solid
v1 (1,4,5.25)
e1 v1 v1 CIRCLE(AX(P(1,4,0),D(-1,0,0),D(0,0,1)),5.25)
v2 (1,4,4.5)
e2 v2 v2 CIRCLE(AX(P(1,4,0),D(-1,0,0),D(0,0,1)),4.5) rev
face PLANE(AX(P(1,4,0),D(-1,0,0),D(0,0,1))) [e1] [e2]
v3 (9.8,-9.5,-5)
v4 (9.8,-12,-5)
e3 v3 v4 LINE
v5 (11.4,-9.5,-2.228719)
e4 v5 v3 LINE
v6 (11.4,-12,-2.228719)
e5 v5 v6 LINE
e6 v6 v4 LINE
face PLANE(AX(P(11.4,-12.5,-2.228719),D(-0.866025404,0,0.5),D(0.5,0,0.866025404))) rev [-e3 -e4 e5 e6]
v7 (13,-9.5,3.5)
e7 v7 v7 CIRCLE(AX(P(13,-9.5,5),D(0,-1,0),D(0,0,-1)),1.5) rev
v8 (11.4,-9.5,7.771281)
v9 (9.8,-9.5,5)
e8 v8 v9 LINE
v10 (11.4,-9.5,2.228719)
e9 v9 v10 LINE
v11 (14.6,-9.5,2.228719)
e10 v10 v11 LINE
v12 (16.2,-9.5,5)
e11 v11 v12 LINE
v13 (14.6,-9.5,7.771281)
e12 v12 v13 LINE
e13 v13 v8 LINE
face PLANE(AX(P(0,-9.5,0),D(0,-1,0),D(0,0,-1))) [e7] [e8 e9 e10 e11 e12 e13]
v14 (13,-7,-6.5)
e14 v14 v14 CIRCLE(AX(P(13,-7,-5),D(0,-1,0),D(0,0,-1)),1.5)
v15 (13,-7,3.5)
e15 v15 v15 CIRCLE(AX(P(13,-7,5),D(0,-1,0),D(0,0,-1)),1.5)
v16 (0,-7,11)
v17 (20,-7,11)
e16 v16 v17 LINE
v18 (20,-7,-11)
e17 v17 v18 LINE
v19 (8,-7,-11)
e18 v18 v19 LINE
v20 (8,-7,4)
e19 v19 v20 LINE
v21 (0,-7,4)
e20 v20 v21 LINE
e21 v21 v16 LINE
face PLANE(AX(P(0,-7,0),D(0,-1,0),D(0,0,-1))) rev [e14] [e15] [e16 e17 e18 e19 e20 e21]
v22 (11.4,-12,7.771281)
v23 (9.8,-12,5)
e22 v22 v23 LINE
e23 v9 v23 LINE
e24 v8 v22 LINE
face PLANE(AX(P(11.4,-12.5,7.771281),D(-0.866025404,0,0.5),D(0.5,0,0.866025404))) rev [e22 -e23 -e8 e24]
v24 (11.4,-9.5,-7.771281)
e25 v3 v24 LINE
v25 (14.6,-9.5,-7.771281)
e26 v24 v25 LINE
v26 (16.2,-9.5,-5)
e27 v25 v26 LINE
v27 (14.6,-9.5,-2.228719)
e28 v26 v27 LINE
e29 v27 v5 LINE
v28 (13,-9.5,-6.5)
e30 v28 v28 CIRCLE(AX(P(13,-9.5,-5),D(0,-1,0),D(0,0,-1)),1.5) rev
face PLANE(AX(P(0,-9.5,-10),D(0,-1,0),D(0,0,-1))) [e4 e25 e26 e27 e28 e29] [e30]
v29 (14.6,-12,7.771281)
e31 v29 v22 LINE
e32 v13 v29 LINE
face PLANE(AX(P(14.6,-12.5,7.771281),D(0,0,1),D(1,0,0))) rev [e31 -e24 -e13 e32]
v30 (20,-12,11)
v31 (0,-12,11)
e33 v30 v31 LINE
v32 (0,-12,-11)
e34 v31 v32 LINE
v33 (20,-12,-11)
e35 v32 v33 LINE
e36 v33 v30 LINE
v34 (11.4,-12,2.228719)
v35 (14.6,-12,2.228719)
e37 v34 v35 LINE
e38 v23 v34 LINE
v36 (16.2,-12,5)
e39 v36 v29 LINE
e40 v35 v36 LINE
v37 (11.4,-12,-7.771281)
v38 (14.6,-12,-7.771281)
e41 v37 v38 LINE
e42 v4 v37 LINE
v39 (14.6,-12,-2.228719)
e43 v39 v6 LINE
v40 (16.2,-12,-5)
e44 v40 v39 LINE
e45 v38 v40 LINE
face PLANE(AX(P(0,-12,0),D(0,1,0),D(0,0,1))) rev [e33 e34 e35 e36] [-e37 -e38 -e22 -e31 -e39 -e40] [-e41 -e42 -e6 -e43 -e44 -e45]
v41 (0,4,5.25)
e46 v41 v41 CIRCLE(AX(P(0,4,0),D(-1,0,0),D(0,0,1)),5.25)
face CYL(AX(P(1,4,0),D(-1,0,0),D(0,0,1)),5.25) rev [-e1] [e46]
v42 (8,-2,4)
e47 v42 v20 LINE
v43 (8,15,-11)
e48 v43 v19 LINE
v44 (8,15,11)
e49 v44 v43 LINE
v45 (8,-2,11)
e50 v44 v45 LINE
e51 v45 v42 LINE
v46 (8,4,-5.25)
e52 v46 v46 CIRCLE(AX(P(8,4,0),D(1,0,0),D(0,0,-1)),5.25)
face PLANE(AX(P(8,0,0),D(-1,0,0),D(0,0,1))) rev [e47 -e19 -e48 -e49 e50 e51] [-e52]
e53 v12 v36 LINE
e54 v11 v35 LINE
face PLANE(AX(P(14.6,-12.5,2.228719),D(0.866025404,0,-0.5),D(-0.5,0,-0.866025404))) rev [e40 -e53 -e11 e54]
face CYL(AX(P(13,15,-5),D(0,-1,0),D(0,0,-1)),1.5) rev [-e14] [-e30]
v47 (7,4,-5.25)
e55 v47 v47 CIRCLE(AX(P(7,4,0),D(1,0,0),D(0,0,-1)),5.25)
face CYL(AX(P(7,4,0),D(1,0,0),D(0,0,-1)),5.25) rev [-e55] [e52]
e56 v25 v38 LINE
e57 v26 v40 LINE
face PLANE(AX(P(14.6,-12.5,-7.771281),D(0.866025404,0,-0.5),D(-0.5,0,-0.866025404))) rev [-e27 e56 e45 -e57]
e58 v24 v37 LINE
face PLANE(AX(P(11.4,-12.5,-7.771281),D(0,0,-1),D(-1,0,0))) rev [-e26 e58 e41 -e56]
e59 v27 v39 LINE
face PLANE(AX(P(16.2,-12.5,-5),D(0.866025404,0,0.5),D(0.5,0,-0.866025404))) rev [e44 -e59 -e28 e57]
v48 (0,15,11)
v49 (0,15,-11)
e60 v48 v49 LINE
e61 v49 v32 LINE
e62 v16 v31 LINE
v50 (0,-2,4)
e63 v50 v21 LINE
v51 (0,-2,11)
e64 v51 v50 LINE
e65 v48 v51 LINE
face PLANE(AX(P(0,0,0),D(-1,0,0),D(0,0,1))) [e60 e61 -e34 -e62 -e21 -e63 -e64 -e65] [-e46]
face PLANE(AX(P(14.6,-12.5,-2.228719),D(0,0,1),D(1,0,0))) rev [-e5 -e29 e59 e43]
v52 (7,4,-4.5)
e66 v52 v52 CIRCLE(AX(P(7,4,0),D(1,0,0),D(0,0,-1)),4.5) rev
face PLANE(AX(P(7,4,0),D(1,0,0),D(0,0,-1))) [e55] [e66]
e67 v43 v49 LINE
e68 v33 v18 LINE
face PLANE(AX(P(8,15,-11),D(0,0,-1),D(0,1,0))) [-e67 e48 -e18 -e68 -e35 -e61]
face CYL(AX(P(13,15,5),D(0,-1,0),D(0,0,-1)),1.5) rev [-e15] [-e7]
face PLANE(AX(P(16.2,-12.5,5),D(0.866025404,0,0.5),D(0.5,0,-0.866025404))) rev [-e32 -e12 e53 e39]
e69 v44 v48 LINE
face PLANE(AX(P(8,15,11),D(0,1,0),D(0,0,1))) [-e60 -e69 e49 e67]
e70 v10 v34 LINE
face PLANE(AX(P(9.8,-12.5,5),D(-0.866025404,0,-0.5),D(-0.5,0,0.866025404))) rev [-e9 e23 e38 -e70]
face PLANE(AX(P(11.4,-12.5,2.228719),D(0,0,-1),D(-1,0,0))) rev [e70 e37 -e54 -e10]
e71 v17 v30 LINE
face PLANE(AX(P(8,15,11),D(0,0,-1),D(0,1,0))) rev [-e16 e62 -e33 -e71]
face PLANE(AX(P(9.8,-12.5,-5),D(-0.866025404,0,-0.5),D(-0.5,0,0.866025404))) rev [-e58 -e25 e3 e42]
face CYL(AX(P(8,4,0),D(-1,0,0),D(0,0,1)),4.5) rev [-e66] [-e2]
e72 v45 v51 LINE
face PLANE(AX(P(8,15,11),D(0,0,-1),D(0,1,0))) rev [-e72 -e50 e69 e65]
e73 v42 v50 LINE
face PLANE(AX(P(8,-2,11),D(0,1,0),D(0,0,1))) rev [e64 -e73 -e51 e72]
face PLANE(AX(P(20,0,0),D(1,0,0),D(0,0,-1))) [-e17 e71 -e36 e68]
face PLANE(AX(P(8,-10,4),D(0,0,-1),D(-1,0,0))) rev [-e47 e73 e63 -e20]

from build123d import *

# Parameters (mm, degrees)
SKETCH_1_W             = 22
SKETCH_1_H             = 30
EXTRUDE_1_DEPTH        = 8
SKETCH_2_R             = 4.5
CUT_EXTRUDE_1_DEPTH    = 9
SKETCH_3_W             = 7
SKETCH_3_H             = 8
CUT_EXTRUDE_2_DEPTH    = 9
SKETCH_4_R             = 5.25
CUT_EXTRUDE_3_DEPTH    = 1
SKETCH_5_R             = 5.25
CUT_EXTRUDE_4_DEPTH    = 1
SKETCH_6_W             = 22
SKETCH_6_H             = 5
EXTRUDE_2_DEPTH        = 12
CUT_EXTRUDE_5_DEPTH    = 2.5
PATTERN_LINEAR_1_COUNT = 2
PATTERN_LINEAR_1_PITCH = 10
SKETCH_8_R             = 1.5
CUT_EXTRUDE_6_DEPTH    = 28.5
PATTERN_LINEAR_2_COUNT = 2
PATTERN_LINEAR_2_PITCH = 10
EXTRUDE_3_DEPTH        = 3
SKETCH_12_R            = 1.5
CUT_EXTRUDE_7_DEPTH    = 26
SKETCH_14_R            = 1.5
CUT_EXTRUDE_8_DEPTH    = 26
CUT_EXTRUDE_9_DEPTH    = 3
PATTERN_LINEAR_3_COUNT = 2
PATTERN_LINEAR_3_PITCH = 10
SKETCH_16_W            = 20
SKETCH_16_H            = 22
CUT_EXTRUDE_10_DEPTH   = 3


with BuildPart() as part:
    # 草图1 → 凸台-拉伸1 (new body)
    with BuildSketch(Plane(origin=(0, 0, 0), x_dir=(0, 0, -1), z_dir=(1, 0, 0))):
        Rectangle(SKETCH_1_W, SKETCH_1_H)
    extrude(amount=EXTRUDE_1_DEPTH)

    # 草图2 → 切除-拉伸1 (cut, through all)
    with BuildSketch(Plane.ZY):
        with Locations((0, 4)):
            Circle(SKETCH_2_R)
    extrude(amount=-CUT_EXTRUDE_1_DEPTH, mode=Mode.SUBTRACT)

    # 草图3 → 切除-拉伸2 (cut, through all)
    with BuildSketch(Plane.ZY):
        with Locations((7.5, -6)):
            Rectangle(SKETCH_3_W, SKETCH_3_H)
    extrude(amount=-CUT_EXTRUDE_2_DEPTH, mode=Mode.SUBTRACT)

    # 草图4 → 切除-拉伸3 (cut)
    with BuildSketch(Plane.ZY):
        with Locations((0, 4)):
            Circle(SKETCH_4_R)
    extrude(amount=-CUT_EXTRUDE_3_DEPTH, mode=Mode.SUBTRACT)

    # 草图5 → 切除-拉伸4 (cut)
    with BuildSketch(Plane(origin=(8, 0, 0), x_dir=(0, 0, -1), z_dir=(1, 0, 0))):
        with Locations((0, 4)):
            Circle(SKETCH_5_R)
    extrude(amount=-CUT_EXTRUDE_4_DEPTH, mode=Mode.SUBTRACT)

    # 草图6 → 凸台-拉伸2 (add)
    with BuildSketch(Plane(origin=(8, 0, 0), x_dir=(0, 0, -1), z_dir=(1, 0, 0))):
        with Locations((0, -12.5)):
            Rectangle(SKETCH_6_W, SKETCH_6_H)
    extrude(amount=EXTRUDE_2_DEPTH)

    # 草图7 → 切除-拉伸5 (cut)
    with BuildSketch(Plane.XZ.offset(15)):
        Polygon((9.8, -5), (11.4, -7.771281292), (14.6, -7.771281292), (16.2, -5), (14.6, -2.228718708), (11.4, -2.228718708), align=None)
    cut_extrude_5 = extrude(amount=-CUT_EXTRUDE_5_DEPTH, mode=Mode.SUBTRACT)

    # 阵列(线性)1: 切除-拉伸5 ×2
    with Locations(*[(0, 0, i * PATTERN_LINEAR_1_PITCH) for i in range(1, PATTERN_LINEAR_1_COUNT)]):
        add(cut_extrude_5, mode=Mode.SUBTRACT)

    # 草图8 → 切除-拉伸6 (cut, through all)
    with BuildSketch(Plane.XZ.offset(12.5)):
        with Locations((13, 5)):
            Circle(SKETCH_8_R)
    cut_extrude_6 = extrude(amount=-CUT_EXTRUDE_6_DEPTH, mode=Mode.SUBTRACT)

    # 阵列(线性)2: 切除-拉伸6 ×2
    with Locations(*[(0, 0, -i * PATTERN_LINEAR_2_PITCH) for i in range(1, PATTERN_LINEAR_2_COUNT)]):
        add(cut_extrude_6, mode=Mode.SUBTRACT)

    # 草图10 → 凸台-拉伸3 (add)
    with BuildSketch(Plane(origin=(0, -10, 0), x_dir=(1, 0, 0), z_dir=(0, 1, 0))):
        Polygon((0, -4), (8, -4), (8, 11), (20, 11), (20, -11), (0, -11), align=None)
    extrude(amount=EXTRUDE_3_DEPTH)

    # 草图12 → 切除-拉伸7 (cut, through all)
    with BuildSketch(Plane.XZ.offset(10)):
        with Locations((13, 5)):
            Circle(SKETCH_12_R)
    extrude(amount=-CUT_EXTRUDE_7_DEPTH, mode=Mode.SUBTRACT)

    # 草图14 → 切除-拉伸8 (cut, through all)
    with BuildSketch(Plane.XZ.offset(10)):
        with Locations((13, -5)):
            Circle(SKETCH_14_R)
    extrude(amount=-CUT_EXTRUDE_8_DEPTH, mode=Mode.SUBTRACT)

    # 草图15 → 切除-拉伸9 (cut)
    with BuildSketch(Plane.XZ.offset(12.5)):
        Polygon((16.2, 5), (14.6, 7.771281292), (11.4, 7.771281292), (9.8, 5), (11.4, 2.228718708), (14.6, 2.228718708), align=None)
    cut_extrude_9 = extrude(amount=-CUT_EXTRUDE_9_DEPTH, mode=Mode.SUBTRACT)

    # 阵列(线性)3: 切除-拉伸9 ×2
    with Locations(*[(0, 0, -i * PATTERN_LINEAR_3_PITCH) for i in range(1, PATTERN_LINEAR_3_COUNT)]):
        add(cut_extrude_9, mode=Mode.SUBTRACT)

    # 草图16 → 切除-拉伸10 (cut)
    with BuildSketch(Plane.XZ.offset(15)):
        with Locations((10, 0)):
            Rectangle(SKETCH_16_W, SKETCH_16_H)
    extrude(amount=-CUT_EXTRUDE_10_DEPTH, mode=Mode.SUBTRACT)


solid = part.part
